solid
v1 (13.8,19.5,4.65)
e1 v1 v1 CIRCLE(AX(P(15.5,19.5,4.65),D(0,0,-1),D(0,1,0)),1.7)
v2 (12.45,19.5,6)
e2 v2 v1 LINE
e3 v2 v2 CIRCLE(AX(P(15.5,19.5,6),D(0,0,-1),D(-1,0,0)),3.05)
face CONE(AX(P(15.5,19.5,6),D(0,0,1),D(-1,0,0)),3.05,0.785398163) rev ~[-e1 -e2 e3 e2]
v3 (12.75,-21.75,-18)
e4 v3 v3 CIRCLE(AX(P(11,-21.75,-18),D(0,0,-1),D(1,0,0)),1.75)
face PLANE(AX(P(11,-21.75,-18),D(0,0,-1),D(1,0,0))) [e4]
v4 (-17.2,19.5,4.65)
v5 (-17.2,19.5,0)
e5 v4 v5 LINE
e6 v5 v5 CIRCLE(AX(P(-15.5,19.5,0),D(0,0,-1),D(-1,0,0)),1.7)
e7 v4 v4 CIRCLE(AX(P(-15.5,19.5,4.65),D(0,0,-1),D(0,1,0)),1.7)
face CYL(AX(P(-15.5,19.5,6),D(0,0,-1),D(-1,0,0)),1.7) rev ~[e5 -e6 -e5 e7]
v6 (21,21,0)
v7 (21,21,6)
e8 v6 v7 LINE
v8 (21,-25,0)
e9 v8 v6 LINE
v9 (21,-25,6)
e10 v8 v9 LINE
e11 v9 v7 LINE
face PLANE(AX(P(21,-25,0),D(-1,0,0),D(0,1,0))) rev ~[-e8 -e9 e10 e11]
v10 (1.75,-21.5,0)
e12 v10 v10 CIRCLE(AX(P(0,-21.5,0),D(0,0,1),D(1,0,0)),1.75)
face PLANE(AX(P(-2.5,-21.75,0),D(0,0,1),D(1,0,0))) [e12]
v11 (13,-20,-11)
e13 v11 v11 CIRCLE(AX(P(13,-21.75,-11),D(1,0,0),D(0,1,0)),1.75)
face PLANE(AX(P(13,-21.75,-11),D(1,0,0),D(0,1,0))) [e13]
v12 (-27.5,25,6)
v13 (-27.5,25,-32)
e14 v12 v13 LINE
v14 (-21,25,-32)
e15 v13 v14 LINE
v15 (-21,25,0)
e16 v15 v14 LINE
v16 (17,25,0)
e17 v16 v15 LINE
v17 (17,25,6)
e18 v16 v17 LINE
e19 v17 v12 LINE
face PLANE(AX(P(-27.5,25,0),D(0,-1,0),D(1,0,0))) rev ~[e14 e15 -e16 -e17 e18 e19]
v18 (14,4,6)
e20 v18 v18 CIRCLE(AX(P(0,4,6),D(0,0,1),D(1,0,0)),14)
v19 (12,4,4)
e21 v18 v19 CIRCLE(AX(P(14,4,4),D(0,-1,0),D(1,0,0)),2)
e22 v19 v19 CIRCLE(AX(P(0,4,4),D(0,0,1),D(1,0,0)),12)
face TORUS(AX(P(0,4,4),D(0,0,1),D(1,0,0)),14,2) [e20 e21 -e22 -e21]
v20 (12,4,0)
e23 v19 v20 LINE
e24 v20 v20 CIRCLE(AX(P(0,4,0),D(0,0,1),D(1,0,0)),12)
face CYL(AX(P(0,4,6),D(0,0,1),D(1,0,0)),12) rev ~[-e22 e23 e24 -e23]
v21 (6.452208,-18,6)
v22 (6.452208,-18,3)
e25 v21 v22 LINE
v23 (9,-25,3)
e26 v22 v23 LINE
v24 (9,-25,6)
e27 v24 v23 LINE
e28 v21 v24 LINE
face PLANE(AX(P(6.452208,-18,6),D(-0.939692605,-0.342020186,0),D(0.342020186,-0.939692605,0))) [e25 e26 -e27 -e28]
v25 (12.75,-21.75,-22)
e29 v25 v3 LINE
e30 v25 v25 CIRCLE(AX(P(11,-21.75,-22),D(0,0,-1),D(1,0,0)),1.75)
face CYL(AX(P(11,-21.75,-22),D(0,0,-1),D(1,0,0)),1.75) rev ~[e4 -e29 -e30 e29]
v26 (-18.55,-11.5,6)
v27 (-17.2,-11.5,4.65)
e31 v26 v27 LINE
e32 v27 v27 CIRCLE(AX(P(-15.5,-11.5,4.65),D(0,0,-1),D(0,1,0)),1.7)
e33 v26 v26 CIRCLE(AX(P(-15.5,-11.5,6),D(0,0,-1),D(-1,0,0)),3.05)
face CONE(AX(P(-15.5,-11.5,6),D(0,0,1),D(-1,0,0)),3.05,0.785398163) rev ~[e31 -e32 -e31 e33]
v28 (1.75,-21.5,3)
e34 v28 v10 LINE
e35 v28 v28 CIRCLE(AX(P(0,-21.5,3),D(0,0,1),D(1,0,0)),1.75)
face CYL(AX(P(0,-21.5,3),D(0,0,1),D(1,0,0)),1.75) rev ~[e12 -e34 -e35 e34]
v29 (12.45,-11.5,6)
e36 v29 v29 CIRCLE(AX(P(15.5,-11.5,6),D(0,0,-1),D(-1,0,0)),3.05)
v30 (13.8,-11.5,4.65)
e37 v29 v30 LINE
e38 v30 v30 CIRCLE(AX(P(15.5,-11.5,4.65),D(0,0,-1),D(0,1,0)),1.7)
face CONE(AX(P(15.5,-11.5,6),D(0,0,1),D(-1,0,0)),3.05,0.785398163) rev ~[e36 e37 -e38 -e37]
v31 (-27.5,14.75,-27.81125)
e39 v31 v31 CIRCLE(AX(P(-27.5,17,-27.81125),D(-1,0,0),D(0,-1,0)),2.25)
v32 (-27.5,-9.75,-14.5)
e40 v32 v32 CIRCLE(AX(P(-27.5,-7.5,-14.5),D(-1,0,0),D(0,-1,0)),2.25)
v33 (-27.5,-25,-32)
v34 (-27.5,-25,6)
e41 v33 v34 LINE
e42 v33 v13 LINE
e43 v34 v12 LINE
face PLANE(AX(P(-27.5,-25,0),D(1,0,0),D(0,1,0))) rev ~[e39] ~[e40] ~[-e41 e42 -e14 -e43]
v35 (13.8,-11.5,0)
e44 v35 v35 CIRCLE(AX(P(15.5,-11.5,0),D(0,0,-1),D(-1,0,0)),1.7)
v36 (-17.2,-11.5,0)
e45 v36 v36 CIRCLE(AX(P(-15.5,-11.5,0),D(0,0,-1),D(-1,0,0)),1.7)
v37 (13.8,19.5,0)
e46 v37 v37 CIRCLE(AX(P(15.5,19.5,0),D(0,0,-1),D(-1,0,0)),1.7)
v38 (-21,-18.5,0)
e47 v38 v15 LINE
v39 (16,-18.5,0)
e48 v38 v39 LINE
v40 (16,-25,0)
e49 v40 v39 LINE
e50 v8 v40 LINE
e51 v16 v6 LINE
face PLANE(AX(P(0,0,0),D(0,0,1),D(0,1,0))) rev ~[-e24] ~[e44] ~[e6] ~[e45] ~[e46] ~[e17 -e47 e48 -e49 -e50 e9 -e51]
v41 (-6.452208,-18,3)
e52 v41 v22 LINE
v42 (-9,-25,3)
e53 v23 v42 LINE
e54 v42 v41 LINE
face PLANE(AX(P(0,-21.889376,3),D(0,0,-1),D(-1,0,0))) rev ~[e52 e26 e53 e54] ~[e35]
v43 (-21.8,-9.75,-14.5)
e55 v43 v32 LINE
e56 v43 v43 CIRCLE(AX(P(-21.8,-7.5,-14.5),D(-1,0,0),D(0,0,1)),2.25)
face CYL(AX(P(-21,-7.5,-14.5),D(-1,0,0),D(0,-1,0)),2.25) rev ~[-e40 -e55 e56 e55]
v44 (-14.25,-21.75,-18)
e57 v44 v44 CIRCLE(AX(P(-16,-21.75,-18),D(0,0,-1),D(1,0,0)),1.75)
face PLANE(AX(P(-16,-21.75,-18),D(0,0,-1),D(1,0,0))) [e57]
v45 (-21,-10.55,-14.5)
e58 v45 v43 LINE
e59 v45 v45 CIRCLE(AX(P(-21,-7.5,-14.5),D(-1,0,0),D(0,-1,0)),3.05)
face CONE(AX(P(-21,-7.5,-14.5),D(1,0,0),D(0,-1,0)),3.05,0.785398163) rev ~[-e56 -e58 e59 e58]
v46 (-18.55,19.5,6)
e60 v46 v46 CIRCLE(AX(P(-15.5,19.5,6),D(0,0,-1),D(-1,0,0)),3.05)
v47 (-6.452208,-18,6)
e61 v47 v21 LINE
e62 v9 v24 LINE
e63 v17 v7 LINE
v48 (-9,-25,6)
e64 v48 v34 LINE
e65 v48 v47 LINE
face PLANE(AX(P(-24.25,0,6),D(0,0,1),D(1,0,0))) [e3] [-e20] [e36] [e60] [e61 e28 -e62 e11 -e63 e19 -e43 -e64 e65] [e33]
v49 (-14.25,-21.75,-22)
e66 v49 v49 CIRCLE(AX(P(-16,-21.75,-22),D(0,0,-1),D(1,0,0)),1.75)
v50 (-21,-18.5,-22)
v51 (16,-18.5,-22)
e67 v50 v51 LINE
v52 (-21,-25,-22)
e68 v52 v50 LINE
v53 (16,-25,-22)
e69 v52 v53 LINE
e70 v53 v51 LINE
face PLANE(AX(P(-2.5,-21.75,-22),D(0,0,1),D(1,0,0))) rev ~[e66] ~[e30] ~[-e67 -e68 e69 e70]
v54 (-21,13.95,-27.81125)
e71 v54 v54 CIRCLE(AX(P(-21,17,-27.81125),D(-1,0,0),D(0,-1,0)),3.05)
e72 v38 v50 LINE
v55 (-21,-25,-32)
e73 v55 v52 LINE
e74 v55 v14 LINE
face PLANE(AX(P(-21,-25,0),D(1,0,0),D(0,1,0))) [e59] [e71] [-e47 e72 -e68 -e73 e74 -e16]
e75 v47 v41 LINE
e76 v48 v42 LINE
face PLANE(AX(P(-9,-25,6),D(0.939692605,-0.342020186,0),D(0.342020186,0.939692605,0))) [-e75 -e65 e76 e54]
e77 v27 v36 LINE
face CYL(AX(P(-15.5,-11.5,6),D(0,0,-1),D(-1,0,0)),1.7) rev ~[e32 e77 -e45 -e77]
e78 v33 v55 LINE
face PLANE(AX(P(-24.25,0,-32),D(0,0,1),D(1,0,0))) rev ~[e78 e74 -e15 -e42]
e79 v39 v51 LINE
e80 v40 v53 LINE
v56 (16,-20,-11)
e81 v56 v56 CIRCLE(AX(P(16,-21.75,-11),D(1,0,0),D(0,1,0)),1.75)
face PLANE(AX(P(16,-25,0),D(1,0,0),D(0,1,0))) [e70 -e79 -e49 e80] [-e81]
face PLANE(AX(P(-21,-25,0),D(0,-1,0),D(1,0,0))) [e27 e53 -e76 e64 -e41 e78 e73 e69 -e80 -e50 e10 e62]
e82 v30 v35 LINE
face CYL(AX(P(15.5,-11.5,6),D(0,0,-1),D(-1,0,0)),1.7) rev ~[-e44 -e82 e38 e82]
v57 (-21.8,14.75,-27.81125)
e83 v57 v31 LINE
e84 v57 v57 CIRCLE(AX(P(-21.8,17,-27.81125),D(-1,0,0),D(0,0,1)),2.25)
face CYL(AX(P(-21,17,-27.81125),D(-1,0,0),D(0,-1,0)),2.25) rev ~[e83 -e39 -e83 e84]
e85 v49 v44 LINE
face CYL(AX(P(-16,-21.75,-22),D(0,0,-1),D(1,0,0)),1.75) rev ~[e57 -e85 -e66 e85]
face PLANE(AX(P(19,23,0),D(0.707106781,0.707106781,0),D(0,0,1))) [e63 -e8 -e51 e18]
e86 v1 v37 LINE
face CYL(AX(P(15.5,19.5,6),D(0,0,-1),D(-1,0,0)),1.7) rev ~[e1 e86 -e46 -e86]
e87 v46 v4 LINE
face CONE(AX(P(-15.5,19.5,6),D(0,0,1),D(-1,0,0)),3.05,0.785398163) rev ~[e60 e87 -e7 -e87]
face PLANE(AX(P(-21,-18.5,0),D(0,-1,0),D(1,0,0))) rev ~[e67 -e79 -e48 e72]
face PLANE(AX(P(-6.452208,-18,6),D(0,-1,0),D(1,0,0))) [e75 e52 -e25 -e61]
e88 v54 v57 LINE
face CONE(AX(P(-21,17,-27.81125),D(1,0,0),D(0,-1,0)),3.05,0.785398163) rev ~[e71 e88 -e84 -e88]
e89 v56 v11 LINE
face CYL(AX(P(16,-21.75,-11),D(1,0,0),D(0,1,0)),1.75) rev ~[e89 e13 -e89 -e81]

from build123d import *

# Parameters (mm, degrees)
SKETCH028_W         = 6.5
SKETCH028_H         = 50
PAD010_DEPTH        = 6
PAD010_DEPTH_BACK   = 32
HOLE011_D           = 4.5
HOLE011_DEPTH       = 25
HOLE011_CSINK_D     = 6.1
HOLE011_CSINK_ANGLE = 90
SKETCH_W            = 37
SKETCH_H            = 6.5
PAD_DEPTH           = 22
SKETCH041_R         = 1.75
POCKET_DEPTH        = 4
SKETCH042_R         = 1.75
POCKET014_DEPTH     = 3
BINDER016_W         = 50
BINDER016_H         = 42
PAD009_DEPTH        = 6
HOLE007_D           = 3.4
HOLE007_CSINK_D     = 6.1
HOLE007_CSINK_ANGLE = 90
SKETCH030_R         = 12
POCKET008_DEPTH     = 6.001
FILLET003_R         = 2
POCKET012_DEPTH     = 3
SKETCH040_R         = 1.75
POCKET013_DEPTH     = 3.001
CHAMFER_SIZE        = 4


with BuildPart() as mh002:
    # Sketch028 (on Face1 of Binder017) → Pad010 (new body, two sides)
    with BuildSketch(Plane.XY) as pad010_sk:
        with Locations((-24.25, 0)):
            Rectangle(SKETCH028_W, SKETCH028_H)
    extrude(amount=PAD010_DEPTH)
    extrude(pad010_sk.sketch, amount=-PAD010_DEPTH_BACK)

    # Hole011
    with Locations(Plane(origin=(-21, 25, -2), x_dir=(0, 1, 0), z_dir=(1, 0, 0))):
        with Locations((-32.5, -12.5), (-8, -25.81125)):
            CounterSinkHole(HOLE011_D / 2, HOLE011_CSINK_D / 2, depth=HOLE011_DEPTH, counter_sink_angle=HOLE011_CSINK_ANGLE)


with BuildPart() as mh003:
    # Sketch (on Face1 of Binder) → Pad (new body)
    with BuildSketch(Plane.XY):
        with Locations((-2.5, -21.75)):
            Rectangle(SKETCH_W, SKETCH_H)
    extrude(amount=-PAD_DEPTH)

    # Sketch041 (on Face6 of Pad) → Pocket (cut)
    with BuildSketch(Plane(origin=(0, 0, -22), x_dir=(1, 0, 0), z_dir=(0, 0, -1))):
        with Locations((-16, 21.75)):
            Circle(SKETCH041_R)
        with Locations((11, 21.75)):
            Circle(SKETCH041_R)
    extrude(amount=-POCKET_DEPTH, mode=Mode.SUBTRACT)

    # Sketch042 (on Face6 of Pocket) → Pocket014 (cut)
    with BuildSketch(Plane.YZ.offset(16)):
        with Locations((-21.75, -11)):
            Circle(SKETCH042_R)
    extrude(amount=-POCKET014_DEPTH, mode=Mode.SUBTRACT)


with BuildPart() as mhf001:
    # Binder016 → Pad009 (new body)
    with BuildSketch(Plane(origin=(0, 0, 0), x_dir=(0, 1, 0), z_dir=(0, 0, 1))):
        Rectangle(BINDER016_W, BINDER016_H)
    extrude(amount=PAD009_DEPTH)

    # Hole007 (through all)
    with Locations(Plane.XY.offset(6)):
        with Locations((-15.5, 19.5), (-15.5, -11.5), (15.5, -11.5), (15.5, 19.5)):
            CounterSinkHole(HOLE007_D / 2, HOLE007_CSINK_D / 2, counter_sink_angle=HOLE007_CSINK_ANGLE)

    # Sketch030 (on Face5 of Hole007) → Pocket008 (cut, through all)
    with BuildSketch(Plane.XY.offset(6)):
        with Locations((0, 4)):
            Circle(SKETCH030_R)
    extrude(amount=-POCKET008_DEPTH, mode=Mode.SUBTRACT)

    # Fillet003
    fillet003_edges = [mhf001.edges().sort_by_distance(p)[0] for p in [
        (-12, 4, 6),
    ]]
    fillet(fillet003_edges, radius=FILLET003_R)

    # Sketch031 (on Face1 of Fillet003) → Pocket012 (cut)
    with BuildSketch(Plane.XY.offset(6)):
        Polygon((-9, -25), (-6.452208, -18), (6.452208, -18), (9, -25), align=None)
    extrude(amount=-POCKET012_DEPTH, mode=Mode.SUBTRACT)

    # Sketch040 (on Face15 of Pocket012) → Pocket013 (cut, through all)
    with BuildSketch(Plane.XY.offset(3)):
        with Locations((0, -21.5)):
            Circle(SKETCH040_R)
    extrude(amount=-POCKET013_DEPTH, mode=Mode.SUBTRACT)

    # Chamfer
    chamfer_edges = [mhf001.edges().sort_by_distance(p)[0] for p in [
        (21, 25, 3),
    ]]
    chamfer(chamfer_edges, length=CHAMFER_SIZE)

    # Fusion: union MH002, MH003
    add(mh002.part)
    add(mh003.part)


solid = mhf001.part
